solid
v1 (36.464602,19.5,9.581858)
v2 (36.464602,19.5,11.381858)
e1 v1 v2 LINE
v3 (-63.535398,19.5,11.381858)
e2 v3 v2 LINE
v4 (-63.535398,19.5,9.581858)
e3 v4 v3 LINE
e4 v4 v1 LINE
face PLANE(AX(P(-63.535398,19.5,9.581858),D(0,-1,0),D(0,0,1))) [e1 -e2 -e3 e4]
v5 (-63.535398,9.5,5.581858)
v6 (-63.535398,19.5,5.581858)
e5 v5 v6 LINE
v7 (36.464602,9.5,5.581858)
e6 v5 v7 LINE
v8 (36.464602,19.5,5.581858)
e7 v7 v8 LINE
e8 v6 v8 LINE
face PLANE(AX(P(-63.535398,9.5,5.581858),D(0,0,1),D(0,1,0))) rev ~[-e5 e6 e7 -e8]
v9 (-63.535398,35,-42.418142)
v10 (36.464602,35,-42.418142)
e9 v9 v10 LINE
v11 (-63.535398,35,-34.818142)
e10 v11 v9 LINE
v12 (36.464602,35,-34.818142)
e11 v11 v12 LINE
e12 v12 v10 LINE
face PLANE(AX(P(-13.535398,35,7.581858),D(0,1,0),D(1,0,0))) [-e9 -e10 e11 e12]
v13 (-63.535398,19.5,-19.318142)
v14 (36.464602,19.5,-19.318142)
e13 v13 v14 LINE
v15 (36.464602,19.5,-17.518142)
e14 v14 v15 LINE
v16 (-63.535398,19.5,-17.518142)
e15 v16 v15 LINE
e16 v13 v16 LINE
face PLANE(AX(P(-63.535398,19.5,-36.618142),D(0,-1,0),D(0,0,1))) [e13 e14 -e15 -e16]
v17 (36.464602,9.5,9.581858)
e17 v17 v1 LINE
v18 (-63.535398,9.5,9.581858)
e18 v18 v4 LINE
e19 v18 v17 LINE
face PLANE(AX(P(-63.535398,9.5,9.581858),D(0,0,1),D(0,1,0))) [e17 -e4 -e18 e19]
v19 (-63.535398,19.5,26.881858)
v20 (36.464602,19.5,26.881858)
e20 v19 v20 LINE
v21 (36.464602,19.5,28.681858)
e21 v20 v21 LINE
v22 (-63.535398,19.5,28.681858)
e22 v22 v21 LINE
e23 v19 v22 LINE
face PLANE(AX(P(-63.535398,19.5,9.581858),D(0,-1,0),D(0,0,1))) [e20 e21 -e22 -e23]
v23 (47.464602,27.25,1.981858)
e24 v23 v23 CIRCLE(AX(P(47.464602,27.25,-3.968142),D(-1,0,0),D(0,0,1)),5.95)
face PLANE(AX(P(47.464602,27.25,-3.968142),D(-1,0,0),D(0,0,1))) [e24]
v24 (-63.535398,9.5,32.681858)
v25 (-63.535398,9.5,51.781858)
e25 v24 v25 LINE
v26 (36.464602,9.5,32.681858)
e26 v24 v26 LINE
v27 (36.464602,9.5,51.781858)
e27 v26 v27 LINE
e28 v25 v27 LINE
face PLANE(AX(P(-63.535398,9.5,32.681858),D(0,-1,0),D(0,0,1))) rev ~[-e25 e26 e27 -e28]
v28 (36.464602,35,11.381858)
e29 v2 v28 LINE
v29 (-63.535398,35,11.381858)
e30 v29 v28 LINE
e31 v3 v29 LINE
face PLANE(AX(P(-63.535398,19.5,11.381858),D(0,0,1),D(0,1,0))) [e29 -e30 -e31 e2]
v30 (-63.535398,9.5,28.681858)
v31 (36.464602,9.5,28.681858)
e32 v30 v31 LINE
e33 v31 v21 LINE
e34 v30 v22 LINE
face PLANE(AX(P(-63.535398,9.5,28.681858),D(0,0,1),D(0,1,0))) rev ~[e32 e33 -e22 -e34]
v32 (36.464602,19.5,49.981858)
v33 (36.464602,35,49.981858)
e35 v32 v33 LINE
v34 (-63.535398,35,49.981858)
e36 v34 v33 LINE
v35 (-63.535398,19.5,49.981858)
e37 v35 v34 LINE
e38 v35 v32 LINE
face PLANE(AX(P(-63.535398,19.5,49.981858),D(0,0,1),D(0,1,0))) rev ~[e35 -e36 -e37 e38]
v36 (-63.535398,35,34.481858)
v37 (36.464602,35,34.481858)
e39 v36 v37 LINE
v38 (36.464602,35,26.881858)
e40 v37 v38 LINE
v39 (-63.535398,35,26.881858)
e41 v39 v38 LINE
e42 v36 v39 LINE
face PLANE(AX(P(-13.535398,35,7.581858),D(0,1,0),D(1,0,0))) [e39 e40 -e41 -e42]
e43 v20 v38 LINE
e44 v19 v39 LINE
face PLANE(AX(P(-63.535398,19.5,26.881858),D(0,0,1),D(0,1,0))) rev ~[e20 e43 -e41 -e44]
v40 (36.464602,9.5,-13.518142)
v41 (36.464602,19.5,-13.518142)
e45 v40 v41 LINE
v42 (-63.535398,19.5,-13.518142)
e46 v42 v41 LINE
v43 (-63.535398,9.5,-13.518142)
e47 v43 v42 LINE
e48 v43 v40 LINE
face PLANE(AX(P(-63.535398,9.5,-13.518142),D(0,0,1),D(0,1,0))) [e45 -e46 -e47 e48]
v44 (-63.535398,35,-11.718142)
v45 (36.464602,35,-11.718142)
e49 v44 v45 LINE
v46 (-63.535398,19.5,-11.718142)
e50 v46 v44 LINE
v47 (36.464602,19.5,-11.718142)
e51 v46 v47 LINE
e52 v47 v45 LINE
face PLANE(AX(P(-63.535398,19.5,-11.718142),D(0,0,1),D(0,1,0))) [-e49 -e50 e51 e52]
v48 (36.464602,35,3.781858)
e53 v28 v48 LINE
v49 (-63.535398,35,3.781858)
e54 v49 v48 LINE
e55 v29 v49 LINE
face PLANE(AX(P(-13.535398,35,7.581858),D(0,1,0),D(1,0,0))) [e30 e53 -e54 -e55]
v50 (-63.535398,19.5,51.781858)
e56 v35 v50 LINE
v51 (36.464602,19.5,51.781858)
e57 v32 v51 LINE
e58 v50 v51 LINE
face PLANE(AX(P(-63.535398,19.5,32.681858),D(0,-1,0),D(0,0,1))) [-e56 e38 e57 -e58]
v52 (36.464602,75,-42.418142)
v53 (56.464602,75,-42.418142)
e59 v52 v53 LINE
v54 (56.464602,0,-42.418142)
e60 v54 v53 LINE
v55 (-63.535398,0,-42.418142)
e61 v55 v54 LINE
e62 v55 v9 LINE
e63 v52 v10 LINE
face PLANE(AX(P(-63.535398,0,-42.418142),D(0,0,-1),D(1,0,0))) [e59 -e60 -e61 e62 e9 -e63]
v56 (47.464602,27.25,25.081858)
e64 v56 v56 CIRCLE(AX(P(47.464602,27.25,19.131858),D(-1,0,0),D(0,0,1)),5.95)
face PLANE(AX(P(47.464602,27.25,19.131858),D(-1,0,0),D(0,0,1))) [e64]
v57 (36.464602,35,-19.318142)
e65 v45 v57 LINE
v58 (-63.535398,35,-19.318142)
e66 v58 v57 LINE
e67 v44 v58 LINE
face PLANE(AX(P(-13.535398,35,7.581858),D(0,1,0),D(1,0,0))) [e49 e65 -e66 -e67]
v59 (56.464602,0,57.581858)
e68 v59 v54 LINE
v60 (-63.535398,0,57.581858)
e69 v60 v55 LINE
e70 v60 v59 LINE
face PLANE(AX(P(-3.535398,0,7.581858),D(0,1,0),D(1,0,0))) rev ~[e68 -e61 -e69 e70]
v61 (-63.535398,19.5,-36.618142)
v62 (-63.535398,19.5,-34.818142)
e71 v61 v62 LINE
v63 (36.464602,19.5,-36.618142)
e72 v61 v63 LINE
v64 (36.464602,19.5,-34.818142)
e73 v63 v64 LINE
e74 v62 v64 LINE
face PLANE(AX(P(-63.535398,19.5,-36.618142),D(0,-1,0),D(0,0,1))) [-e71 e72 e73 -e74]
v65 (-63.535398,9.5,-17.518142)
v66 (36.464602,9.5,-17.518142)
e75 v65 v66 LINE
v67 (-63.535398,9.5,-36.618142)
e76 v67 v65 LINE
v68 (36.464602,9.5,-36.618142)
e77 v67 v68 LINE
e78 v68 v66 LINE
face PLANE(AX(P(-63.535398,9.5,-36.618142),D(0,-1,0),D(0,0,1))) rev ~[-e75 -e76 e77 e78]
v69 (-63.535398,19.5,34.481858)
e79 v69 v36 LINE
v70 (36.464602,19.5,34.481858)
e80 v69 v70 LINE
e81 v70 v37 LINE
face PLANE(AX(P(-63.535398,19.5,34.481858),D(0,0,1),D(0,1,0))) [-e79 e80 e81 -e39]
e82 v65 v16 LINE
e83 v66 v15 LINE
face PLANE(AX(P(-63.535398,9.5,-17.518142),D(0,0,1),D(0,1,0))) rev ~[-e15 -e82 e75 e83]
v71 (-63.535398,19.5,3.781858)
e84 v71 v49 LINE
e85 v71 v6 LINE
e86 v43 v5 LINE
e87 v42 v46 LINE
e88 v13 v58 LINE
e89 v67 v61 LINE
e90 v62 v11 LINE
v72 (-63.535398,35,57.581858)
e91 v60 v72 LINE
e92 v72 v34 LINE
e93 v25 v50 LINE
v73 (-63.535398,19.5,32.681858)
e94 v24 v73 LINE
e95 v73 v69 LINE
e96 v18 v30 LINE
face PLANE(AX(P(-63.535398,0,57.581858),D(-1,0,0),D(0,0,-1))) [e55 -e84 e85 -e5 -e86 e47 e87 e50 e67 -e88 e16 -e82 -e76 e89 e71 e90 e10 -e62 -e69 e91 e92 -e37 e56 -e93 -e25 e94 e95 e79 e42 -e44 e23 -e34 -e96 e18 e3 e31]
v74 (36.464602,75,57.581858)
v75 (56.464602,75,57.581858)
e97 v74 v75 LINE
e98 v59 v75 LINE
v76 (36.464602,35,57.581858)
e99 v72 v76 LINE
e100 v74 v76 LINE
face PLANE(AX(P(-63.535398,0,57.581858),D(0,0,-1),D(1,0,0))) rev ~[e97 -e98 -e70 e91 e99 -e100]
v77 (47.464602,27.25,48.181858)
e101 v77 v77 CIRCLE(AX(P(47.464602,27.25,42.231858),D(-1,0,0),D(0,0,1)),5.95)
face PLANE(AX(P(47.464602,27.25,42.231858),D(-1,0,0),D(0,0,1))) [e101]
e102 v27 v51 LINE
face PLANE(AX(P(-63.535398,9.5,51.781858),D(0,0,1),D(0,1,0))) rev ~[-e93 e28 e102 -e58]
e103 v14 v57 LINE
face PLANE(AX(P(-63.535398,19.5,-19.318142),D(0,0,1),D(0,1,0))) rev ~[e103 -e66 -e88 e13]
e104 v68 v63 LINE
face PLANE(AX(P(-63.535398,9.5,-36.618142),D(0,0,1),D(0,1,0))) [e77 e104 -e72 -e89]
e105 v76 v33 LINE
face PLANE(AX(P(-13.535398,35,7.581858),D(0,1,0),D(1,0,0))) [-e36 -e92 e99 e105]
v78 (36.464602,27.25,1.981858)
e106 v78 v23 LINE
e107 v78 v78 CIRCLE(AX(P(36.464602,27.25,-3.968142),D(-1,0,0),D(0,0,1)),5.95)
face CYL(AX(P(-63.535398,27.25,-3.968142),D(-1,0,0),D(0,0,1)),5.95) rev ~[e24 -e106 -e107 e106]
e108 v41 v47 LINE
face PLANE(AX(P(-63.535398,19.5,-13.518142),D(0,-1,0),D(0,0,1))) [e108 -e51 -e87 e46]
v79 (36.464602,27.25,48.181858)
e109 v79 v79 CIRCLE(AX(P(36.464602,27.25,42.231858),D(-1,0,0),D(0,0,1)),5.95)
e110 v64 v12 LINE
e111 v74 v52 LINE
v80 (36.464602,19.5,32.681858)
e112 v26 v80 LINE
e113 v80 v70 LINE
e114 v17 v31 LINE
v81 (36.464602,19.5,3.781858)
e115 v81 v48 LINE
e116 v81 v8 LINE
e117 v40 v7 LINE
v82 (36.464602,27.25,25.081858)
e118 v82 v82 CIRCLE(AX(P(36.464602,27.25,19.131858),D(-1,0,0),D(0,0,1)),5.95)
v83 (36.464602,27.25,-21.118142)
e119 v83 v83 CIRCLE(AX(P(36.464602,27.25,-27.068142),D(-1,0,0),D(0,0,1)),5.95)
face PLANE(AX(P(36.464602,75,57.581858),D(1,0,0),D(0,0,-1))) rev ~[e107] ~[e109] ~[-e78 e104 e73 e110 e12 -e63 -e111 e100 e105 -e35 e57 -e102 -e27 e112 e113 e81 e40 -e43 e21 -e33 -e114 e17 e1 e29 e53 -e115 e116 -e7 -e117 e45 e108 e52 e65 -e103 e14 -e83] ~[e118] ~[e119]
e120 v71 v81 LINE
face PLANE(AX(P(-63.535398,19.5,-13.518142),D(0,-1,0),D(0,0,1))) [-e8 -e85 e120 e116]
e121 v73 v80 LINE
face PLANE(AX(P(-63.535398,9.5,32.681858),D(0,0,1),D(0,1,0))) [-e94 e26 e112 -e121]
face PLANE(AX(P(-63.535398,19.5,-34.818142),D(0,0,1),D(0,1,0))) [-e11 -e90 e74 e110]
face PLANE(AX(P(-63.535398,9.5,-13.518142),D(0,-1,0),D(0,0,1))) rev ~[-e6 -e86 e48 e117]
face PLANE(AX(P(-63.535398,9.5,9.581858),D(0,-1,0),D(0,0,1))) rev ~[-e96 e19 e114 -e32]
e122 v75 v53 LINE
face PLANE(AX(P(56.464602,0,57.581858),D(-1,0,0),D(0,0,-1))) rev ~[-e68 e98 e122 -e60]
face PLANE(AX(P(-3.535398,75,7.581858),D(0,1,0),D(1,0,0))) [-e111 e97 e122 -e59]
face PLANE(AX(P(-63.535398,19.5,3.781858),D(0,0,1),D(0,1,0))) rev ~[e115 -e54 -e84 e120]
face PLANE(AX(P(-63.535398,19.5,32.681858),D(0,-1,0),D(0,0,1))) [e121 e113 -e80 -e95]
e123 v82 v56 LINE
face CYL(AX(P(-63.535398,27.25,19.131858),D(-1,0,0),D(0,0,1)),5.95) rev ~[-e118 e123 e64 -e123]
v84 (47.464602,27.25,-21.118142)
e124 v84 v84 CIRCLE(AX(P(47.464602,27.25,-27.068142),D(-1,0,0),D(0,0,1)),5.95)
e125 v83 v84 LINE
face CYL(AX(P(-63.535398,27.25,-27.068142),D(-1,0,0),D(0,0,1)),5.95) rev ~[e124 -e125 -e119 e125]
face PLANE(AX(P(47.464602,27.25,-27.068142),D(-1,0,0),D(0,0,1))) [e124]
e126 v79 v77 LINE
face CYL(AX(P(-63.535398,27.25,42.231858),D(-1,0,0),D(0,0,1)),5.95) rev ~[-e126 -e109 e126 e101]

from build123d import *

# Parameters (mm, degrees)
SKETCH1_W           = 120
SKETCH1_H           = 100
BOSS_EXTRUDE1_DEPTH = 75
SKETCH2_W           = 100
SKETCH2_H           = 100
CUT_EXTRUDE1_DEPTH  = 40
SKETCH6_W           = 15.5
SKETCH6_H           = 15.5
CUT_EXTRUDE4_DEPTH  = 100
SKETCH8_W           = 19.1
SKETCH8_H           = 10
CUT_EXTRUDE5_DEPTH  = 100
SKETCH6_3_R         = 5.95
CUT_EXTRUDE6_DEPTH  = 111


with BuildPart() as part:
    # Sketch1 → Boss-Extrude1 (new body)
    with BuildSketch(Plane(origin=(0, 0, 0), x_dir=(1, 0, 0), z_dir=(0, 1, 0))):
        with Locations((-3.53539823, -7.581858407)):
            Rectangle(SKETCH1_W, SKETCH1_H)
    extrude(amount=BOSS_EXTRUDE1_DEPTH)

    # Sketch2 → Cut-Extrude1 (cut)
    with BuildSketch(Plane(origin=(0, 75, 0), x_dir=(1, 0, 0), z_dir=(0, 1, 0))):
        with Locations((-13.53539823, -7.581858407)):
            Rectangle(SKETCH2_W, SKETCH2_H)
    extrude(amount=-CUT_EXTRUDE1_DEPTH, mode=Mode.SUBTRACT)

    # Sketch6 → Cut-Extrude4 (cut)
    with BuildSketch(Plane.ZY.offset(63.53539823)):
        with Locations((-27.068141593, 27.25)):
            Rectangle(SKETCH6_W, SKETCH6_H)
        with Locations((-3.968141593, 27.25)):
            Rectangle(SKETCH6_W, SKETCH6_H)
        with Locations((19.131858407, 27.25)):
            Rectangle(SKETCH6_W, SKETCH6_H)
        with Locations((42.231858407, 27.25)):
            Rectangle(SKETCH6_W, SKETCH6_H)
    extrude(amount=-CUT_EXTRUDE4_DEPTH, mode=Mode.SUBTRACT)

    # Sketch8 → Cut-Extrude5 (cut)
    with BuildSketch(Plane.ZY.offset(63.53539823)):
        with Locations((-27.068141593, 14.5)):
            Rectangle(SKETCH8_W, SKETCH8_H)
        with Locations((-3.968141593, 14.5)):
            Rectangle(SKETCH8_W, SKETCH8_H)
        with Locations((42.231858407, 14.5)):
            Rectangle(SKETCH8_W, SKETCH8_H)
        with Locations((19.131858407, 14.5)):
            Rectangle(SKETCH8_W, SKETCH8_H)
    extrude(amount=-CUT_EXTRUDE5_DEPTH, mode=Mode.SUBTRACT)

    # Sketch6<3> → Cut-Extrude6 (cut)
    with BuildSketch(Plane.ZY.offset(63.53539823)):
        with Locations((-27.068141593, 27.25)):
            Circle(SKETCH6_3_R)
        with Locations((-3.968141593, 27.25)):
            Circle(SKETCH6_3_R)
        with Locations((42.231858407, 27.25)):
            Circle(SKETCH6_3_R)
        with Locations((19.131858407, 27.25)):
            Circle(SKETCH6_3_R)
    extrude(amount=-CUT_EXTRUDE6_DEPTH, mode=Mode.SUBTRACT)


solid = part.part
